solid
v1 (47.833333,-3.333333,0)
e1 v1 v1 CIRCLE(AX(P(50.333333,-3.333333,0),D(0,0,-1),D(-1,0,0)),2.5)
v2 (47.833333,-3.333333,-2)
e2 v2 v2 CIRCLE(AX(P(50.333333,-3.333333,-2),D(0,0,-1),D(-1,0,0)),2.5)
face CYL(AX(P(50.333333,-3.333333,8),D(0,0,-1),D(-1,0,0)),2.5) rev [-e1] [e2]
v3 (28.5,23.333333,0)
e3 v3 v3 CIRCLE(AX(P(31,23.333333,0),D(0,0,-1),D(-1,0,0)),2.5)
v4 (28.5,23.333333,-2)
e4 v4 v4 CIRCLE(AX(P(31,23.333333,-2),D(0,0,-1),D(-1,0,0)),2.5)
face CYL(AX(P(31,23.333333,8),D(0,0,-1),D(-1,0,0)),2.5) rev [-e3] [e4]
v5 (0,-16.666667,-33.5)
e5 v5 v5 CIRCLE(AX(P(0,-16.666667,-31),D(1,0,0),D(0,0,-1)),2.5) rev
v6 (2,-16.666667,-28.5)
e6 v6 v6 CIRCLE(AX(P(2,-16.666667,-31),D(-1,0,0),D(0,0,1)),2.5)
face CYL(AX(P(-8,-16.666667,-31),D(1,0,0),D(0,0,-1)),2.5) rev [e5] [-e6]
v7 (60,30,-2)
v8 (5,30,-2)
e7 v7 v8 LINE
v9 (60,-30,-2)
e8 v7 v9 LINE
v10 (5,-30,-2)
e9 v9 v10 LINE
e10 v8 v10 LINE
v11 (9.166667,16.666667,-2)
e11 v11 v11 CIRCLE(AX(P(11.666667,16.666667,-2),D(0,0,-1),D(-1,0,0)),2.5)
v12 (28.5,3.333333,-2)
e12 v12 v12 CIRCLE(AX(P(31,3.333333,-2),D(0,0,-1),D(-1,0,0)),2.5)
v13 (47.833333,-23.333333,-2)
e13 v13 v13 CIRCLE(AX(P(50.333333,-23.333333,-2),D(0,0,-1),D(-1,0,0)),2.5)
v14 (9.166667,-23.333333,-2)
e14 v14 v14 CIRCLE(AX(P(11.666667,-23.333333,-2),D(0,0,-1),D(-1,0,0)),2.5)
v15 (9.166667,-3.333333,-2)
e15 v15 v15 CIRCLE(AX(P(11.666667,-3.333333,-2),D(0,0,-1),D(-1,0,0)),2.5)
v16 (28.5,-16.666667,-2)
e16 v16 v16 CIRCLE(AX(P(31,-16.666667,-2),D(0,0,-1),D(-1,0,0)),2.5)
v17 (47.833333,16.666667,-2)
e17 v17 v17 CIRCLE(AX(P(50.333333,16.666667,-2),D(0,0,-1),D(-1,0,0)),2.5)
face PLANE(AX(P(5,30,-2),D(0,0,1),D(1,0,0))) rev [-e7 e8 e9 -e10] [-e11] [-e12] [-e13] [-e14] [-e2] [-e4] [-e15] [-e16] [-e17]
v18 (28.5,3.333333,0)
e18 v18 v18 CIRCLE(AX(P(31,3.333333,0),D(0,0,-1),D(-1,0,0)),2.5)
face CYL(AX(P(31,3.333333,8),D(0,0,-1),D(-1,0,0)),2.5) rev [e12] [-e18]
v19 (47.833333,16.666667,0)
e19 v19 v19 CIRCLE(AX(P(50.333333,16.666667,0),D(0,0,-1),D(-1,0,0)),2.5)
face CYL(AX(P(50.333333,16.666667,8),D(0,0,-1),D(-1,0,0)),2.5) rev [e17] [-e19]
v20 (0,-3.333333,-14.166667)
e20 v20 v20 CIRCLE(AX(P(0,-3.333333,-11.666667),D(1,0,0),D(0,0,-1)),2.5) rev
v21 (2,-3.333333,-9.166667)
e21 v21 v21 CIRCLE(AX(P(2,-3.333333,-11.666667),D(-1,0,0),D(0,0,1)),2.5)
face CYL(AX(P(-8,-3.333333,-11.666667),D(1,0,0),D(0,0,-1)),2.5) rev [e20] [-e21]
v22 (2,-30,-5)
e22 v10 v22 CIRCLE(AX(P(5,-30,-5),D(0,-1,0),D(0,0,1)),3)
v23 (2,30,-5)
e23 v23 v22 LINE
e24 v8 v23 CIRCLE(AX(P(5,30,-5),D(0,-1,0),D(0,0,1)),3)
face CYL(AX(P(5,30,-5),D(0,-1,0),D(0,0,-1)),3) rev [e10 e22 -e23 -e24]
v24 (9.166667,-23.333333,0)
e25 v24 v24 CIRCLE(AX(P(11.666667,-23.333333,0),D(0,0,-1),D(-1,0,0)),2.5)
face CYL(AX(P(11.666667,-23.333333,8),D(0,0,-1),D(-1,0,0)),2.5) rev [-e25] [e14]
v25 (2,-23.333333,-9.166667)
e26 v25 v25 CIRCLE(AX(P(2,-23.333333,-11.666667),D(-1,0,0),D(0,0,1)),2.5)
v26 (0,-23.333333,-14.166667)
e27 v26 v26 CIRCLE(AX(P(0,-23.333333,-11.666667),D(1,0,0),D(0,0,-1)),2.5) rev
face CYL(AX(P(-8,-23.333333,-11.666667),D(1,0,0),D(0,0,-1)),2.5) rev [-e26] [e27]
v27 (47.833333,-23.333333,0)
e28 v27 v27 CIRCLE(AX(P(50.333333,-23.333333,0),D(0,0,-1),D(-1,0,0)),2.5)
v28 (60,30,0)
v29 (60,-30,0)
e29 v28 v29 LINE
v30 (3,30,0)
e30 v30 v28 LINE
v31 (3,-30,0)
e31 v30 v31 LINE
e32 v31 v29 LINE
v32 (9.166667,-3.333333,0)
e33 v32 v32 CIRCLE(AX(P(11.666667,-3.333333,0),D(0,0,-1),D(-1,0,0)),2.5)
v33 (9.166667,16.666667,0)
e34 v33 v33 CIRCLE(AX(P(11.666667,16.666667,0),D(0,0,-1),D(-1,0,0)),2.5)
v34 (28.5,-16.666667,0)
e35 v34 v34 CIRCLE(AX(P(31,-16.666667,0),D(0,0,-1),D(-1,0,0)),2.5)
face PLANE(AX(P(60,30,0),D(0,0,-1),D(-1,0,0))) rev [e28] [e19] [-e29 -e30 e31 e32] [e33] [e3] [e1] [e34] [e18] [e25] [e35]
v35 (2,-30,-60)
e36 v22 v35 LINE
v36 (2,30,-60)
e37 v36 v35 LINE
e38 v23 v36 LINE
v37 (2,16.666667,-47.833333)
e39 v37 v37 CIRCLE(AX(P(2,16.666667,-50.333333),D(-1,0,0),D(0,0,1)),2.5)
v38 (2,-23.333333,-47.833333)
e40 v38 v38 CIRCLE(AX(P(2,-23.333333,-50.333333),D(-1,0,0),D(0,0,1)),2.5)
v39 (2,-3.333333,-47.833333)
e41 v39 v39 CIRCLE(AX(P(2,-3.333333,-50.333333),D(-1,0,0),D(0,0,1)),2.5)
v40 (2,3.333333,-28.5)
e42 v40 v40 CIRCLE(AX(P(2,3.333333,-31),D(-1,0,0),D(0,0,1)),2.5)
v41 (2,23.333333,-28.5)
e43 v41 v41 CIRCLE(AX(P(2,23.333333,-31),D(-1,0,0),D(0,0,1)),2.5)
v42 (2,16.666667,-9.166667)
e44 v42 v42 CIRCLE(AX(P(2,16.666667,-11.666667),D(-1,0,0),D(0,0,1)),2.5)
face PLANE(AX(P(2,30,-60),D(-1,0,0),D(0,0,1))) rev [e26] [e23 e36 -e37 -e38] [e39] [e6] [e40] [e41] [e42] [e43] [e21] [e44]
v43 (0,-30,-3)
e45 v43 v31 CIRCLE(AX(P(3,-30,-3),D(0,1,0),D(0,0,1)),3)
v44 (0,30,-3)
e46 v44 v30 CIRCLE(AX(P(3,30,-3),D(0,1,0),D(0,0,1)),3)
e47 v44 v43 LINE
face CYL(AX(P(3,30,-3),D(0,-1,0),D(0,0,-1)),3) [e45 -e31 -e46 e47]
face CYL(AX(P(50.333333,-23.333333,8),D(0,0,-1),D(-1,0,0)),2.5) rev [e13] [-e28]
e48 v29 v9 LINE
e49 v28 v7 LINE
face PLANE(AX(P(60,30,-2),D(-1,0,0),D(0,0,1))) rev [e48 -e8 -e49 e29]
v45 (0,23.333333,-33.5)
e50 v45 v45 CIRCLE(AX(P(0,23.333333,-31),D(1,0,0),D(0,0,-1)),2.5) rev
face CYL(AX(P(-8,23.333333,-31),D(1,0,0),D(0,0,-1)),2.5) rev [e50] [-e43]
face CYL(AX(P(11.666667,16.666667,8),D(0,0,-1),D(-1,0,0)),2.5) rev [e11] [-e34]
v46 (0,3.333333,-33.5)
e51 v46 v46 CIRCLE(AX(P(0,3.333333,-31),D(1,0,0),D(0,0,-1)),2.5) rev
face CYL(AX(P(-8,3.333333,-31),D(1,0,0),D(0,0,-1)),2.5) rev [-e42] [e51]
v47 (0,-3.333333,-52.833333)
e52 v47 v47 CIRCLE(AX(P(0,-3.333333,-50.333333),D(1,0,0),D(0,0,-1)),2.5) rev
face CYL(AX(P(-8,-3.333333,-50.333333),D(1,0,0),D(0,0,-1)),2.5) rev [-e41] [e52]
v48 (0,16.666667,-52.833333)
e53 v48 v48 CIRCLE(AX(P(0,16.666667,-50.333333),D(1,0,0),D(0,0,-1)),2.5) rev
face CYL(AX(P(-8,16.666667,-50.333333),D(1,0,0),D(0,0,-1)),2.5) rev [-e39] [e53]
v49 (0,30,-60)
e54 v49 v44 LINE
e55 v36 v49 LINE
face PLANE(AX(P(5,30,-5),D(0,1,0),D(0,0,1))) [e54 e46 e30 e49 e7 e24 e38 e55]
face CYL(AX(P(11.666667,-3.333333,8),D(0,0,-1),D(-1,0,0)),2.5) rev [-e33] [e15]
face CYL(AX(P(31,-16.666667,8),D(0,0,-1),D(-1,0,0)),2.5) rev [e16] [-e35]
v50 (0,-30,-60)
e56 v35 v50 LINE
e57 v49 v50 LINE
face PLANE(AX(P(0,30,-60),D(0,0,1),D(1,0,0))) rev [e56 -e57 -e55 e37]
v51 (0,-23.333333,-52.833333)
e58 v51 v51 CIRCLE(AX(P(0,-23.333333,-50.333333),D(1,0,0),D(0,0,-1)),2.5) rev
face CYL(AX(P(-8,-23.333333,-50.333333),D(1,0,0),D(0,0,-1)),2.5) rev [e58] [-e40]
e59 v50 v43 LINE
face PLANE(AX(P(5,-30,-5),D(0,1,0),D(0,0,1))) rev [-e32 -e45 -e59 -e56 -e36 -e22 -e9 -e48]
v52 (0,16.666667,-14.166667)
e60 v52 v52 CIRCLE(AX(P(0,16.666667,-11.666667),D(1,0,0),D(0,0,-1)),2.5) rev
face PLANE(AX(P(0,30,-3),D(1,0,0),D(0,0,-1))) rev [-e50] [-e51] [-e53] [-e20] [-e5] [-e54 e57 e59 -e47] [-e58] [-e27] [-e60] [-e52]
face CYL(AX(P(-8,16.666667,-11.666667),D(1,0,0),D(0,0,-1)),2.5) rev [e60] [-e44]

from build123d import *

# Parameters (mm, degrees)
BOSS_EXTRUDE1_DEPTH = 30
SKETCH2_R           = 2.5
CUT_EXTRUDE1_DEPTH  = 10


with BuildPart() as part:
    # Sketch1 → Boss-Extrude1 (new, symmetric)
    with BuildSketch(Plane(origin=(0, 0, 0), x_dir=(1, 0, 0), z_dir=(0, 1, 0))):
        with BuildLine():
            Line((0, 3), (0, 60))
            Line((0, 60), (2, 60))
            Line((2, 60), (2, 5))
            ThreePointArc((2, 5), (2.878679656, 2.878679656), (5, 2))
            Line((5, 2), (60, 2))
            Line((60, 2), (60, 0))
            Line((60, 0), (3, 0))
            ThreePointArc((3, 0), (0.878679656, 0.878679656), (0, 3))
        make_face()
    extrude(amount=BOSS_EXTRUDE1_DEPTH, both=True)

    # Sketch2 → Cut-Extrude1 (cut)
    with BuildSketch(Plane(origin=(0, 0, -2), x_dir=(-1, 0, 0), z_dir=(0, 0, -1))):
        with Locations((-50.333333333, -23.333333333)):
            Circle(SKETCH2_R)
        with Locations((-50.333333333, -3.333333333)):
            Circle(SKETCH2_R)
        with Locations((-50.333333333, 16.666666667)):
            Circle(SKETCH2_R)
        with Locations((-31, 23.333333333)):
            Circle(SKETCH2_R)
        with Locations((-31, 3.333333333)):
            Circle(SKETCH2_R)
        with Locations((-31, -16.666666667)):
            Circle(SKETCH2_R)
        with Locations((-11.666666667, -23.333333333)):
            Circle(SKETCH2_R)
        with Locations((-11.666666667, -3.333333333)):
            Circle(SKETCH2_R)
        with Locations((-11.666666667, 16.666666667)):
            Circle(SKETCH2_R)
    cut_extrude1 = extrude(amount=-CUT_EXTRUDE1_DEPTH, mode=Mode.SUBTRACT)

    # Mirror9: Cut-Extrude1 across plane
    add(cut_extrude1.mirror(Plane(origin=(0, 0, 0), x_dir=(-0.7071067811865488, 0, 0.7071067811865462), z_dir=(0.7071067811865465, 0, 0.7071067811865487))), mode=Mode.SUBTRACT)


solid = part.part
